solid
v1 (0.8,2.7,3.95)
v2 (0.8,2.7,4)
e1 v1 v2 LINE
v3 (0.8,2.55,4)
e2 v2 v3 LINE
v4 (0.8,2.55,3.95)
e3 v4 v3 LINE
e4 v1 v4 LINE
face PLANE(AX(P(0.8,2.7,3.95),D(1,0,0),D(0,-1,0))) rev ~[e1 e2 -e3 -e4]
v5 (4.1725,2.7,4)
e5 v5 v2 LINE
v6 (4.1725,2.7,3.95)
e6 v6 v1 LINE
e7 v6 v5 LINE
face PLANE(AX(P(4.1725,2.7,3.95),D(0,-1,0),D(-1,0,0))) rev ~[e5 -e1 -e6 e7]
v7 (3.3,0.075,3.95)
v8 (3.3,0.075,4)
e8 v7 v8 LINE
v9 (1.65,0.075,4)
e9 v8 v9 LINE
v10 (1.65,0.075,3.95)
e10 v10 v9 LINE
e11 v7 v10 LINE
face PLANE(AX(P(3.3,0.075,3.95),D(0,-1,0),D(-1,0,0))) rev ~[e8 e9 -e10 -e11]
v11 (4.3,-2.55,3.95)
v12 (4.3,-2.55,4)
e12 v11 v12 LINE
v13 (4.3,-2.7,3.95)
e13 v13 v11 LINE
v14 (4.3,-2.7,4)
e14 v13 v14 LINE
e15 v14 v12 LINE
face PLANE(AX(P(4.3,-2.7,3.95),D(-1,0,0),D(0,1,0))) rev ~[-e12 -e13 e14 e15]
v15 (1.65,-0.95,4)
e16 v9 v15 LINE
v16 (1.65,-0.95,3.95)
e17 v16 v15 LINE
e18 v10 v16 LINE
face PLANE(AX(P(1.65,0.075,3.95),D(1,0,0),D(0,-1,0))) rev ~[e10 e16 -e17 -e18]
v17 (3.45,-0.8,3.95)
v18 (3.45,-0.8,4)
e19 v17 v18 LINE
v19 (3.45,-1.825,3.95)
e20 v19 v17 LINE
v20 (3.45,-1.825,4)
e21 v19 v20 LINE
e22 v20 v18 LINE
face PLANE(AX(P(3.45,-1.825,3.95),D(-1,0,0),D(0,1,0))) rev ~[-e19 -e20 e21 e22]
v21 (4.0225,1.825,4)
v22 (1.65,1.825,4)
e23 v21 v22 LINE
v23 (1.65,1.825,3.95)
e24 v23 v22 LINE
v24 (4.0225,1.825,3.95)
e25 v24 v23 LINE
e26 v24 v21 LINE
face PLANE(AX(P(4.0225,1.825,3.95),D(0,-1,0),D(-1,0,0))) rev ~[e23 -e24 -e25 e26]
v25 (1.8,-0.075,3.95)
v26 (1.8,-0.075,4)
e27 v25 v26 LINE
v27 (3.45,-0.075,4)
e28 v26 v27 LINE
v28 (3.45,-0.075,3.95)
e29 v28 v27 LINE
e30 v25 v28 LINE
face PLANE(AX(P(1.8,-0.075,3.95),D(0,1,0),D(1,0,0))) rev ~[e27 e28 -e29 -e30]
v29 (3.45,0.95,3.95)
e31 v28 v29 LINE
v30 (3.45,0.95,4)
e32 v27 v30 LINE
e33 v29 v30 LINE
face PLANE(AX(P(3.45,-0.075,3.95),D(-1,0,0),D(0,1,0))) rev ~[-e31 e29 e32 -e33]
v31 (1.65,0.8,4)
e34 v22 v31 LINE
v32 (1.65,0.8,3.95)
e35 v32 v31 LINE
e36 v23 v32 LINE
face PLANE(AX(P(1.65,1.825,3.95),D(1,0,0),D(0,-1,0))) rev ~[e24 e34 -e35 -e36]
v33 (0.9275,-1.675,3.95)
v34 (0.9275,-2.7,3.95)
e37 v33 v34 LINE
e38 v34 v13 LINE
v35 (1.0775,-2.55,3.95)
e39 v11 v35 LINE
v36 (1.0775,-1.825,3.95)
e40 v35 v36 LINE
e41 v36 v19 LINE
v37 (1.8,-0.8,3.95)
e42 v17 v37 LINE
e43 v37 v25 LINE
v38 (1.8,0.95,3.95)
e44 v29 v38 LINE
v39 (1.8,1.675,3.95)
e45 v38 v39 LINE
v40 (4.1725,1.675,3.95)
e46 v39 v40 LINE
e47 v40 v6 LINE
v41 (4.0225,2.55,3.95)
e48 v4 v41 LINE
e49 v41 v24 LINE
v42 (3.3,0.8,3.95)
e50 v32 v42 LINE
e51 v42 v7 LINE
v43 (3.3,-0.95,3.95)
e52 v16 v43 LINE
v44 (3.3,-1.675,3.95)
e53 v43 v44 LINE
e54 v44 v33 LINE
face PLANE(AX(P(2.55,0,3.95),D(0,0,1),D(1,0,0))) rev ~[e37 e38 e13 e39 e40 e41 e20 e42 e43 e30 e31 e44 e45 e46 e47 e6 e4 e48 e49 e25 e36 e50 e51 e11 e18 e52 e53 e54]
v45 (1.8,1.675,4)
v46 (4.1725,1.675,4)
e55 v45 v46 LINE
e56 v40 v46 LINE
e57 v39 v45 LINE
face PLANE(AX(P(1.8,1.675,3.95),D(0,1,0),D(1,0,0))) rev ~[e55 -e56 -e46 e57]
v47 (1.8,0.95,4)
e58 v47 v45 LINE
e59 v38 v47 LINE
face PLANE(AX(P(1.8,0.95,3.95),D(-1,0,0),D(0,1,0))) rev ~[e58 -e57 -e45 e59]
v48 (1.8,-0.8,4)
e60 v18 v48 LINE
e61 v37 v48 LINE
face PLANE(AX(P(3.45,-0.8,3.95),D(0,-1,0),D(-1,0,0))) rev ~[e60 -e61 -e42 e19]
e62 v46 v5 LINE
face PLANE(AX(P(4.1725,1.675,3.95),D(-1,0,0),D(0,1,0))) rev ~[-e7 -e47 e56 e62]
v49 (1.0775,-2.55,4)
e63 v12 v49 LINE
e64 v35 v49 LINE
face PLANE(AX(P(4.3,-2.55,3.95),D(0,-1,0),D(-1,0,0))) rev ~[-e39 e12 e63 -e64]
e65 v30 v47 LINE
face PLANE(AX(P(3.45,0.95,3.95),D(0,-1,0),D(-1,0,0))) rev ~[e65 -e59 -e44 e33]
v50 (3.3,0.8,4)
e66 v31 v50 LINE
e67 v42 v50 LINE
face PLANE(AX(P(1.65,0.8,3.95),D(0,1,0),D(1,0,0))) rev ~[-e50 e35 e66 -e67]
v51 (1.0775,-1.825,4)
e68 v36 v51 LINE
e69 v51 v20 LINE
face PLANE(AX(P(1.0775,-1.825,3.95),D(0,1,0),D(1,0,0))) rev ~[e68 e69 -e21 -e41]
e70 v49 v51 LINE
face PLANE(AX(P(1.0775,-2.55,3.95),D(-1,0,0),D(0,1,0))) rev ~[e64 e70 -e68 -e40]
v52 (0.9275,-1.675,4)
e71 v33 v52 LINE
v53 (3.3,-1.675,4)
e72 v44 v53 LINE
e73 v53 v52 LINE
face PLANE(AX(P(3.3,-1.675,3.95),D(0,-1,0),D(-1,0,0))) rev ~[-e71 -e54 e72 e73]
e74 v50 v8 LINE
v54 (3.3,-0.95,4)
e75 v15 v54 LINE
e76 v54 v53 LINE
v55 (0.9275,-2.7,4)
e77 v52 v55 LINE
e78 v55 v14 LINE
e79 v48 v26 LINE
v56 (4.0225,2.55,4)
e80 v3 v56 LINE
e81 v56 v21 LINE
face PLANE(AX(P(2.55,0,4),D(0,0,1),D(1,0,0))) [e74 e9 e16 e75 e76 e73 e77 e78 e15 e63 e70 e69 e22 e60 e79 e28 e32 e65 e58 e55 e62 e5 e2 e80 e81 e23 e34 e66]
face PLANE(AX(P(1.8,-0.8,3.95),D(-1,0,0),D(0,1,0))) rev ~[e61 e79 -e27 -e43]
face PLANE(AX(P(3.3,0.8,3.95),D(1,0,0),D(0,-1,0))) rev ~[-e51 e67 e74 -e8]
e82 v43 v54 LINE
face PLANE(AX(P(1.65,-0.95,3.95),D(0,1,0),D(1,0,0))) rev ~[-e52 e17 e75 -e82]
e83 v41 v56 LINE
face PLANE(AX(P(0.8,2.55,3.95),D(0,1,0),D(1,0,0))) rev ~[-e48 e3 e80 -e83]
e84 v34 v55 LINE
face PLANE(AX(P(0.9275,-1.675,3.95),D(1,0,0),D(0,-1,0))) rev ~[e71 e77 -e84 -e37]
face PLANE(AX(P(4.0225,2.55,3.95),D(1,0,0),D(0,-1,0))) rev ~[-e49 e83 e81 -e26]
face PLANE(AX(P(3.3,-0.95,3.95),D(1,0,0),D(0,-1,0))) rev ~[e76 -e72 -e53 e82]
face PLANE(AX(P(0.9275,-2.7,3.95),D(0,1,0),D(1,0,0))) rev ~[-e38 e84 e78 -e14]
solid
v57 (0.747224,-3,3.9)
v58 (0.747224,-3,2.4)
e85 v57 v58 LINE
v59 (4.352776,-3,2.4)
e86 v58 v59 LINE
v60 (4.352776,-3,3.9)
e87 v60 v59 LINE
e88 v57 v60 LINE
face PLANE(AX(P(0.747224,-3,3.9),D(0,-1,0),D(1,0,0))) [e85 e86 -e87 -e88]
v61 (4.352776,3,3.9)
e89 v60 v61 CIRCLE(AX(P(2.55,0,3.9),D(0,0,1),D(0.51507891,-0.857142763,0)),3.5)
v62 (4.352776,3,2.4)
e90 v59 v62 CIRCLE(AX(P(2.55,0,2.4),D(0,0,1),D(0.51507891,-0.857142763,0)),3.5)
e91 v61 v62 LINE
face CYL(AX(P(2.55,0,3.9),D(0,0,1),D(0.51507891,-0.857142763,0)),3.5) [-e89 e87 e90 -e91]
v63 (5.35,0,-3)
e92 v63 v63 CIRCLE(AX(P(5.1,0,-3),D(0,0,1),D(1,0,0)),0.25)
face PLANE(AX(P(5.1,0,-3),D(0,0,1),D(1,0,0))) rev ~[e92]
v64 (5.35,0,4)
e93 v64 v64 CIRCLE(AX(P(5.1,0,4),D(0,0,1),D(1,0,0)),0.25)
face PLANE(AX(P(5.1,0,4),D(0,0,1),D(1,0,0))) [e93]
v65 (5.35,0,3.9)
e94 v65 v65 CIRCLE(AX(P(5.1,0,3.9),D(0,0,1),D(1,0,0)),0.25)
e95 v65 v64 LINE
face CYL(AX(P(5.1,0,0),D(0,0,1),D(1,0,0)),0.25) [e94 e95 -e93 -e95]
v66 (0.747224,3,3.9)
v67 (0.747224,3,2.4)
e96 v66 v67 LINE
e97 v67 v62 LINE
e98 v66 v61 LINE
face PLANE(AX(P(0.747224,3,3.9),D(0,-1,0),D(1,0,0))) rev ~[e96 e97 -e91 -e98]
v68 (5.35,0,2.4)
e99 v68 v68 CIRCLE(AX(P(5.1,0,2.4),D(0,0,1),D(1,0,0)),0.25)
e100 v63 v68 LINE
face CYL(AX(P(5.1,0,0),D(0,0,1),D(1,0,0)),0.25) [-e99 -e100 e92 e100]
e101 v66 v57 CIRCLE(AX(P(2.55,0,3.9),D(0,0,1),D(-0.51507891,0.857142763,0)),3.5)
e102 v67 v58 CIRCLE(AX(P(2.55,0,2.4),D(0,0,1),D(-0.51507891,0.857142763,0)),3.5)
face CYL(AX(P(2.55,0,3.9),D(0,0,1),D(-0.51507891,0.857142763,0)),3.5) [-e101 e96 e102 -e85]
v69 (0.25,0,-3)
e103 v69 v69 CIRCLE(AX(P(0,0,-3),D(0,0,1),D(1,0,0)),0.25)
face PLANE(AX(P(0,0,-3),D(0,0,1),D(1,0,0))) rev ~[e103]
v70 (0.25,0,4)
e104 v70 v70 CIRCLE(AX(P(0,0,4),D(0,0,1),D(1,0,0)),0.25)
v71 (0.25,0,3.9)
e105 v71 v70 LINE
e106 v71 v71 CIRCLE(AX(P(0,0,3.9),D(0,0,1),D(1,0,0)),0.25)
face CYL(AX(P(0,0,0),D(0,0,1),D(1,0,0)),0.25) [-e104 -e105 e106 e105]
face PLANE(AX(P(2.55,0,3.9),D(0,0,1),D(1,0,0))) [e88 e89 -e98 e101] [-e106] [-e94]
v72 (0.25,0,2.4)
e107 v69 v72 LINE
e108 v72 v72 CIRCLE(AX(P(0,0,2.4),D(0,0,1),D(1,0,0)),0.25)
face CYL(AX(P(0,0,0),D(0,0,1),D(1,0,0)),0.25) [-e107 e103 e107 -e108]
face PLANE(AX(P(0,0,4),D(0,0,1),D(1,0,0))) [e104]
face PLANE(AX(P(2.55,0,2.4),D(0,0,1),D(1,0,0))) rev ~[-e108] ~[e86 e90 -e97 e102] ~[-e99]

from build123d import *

# Parameters (mm, degrees)
PAD001_DEPTH   = 1.5
SKETCH_R       = 0.25
PAD_DEPTH      = 4
PAD_DEPTH_BACK = 3
PAD002_DEPTH   = 0.05


with BuildPart() as pad001:
    # Sketch001 → Pad001 (new body)
    with BuildSketch(Plane.XY.offset(3.9)):
        with BuildLine():
            ThreePointArc((0.747224, 3), (-0.95, 0), (0.747224, -3))
            Line((0.747224, -3), (4.352776, -3))
            ThreePointArc((4.352776, -3), (6.05, 0), (4.352776, 3))
            Line((0.747224, 3), (4.352776, 3))
        make_face()
    extrude(amount=-PAD001_DEPTH)


with BuildPart() as pad:
    # Sketch → Pad (new body, two sides)
    with BuildSketch(Plane.XY) as pad_sk:
        Circle(SKETCH_R)
        with Locations((5.1, 0)):
            Circle(SKETCH_R)
    extrude(amount=PAD_DEPTH)
    extrude(pad_sk.sketch, amount=-PAD_DEPTH_BACK)


with BuildPart() as r_ldr_7x6mm_p5_1mm_vertical:
    # Sketch002 → Pad002 (new body)
    with BuildSketch(Plane.XY.offset(3.95)):
        Polygon((0.8, 2.55), (4.0225, 2.55), (4.0225, 1.825), (1.65, 1.825), (1.65, 1.675), (1.65, 0.8), (1.8, 0.8), (3.3, 0.8), (3.3, 0.075), (1.65, 0.075), (1.65, -0.075), (1.65, -0.95), (1.8, -0.95), (3.3, -0.95), (3.3, -1.675), (0.9275, -1.675), (0.9275, -1.825), (0.9275, -2.7), (1.0775, -2.7), (4.3, -2.7), (4.3, -2.55), (1.0775, -2.55), (1.0775, -1.825), (3.3, -1.825), (3.45, -1.825), (3.45, -0.95), (3.45, -0.8), (1.8, -0.8), (1.8, -0.075), (3.3, -0.075), (3.45, -0.075), (3.45, 0.8), (3.45, 0.95), (1.8, 0.95), (1.8, 1.675), (4.0225, 1.675), (4.1725, 1.675), (4.1725, 2.55), (4.1725, 2.7), (0.8, 2.7), align=None)
    extrude(amount=PAD002_DEPTH)

    # Pad002_mp_cp: union Pad001, Pad
    add(pad001.part)
    add(pad.part)


solid = r_ldr_7x6mm_p5_1mm_vertical.part
